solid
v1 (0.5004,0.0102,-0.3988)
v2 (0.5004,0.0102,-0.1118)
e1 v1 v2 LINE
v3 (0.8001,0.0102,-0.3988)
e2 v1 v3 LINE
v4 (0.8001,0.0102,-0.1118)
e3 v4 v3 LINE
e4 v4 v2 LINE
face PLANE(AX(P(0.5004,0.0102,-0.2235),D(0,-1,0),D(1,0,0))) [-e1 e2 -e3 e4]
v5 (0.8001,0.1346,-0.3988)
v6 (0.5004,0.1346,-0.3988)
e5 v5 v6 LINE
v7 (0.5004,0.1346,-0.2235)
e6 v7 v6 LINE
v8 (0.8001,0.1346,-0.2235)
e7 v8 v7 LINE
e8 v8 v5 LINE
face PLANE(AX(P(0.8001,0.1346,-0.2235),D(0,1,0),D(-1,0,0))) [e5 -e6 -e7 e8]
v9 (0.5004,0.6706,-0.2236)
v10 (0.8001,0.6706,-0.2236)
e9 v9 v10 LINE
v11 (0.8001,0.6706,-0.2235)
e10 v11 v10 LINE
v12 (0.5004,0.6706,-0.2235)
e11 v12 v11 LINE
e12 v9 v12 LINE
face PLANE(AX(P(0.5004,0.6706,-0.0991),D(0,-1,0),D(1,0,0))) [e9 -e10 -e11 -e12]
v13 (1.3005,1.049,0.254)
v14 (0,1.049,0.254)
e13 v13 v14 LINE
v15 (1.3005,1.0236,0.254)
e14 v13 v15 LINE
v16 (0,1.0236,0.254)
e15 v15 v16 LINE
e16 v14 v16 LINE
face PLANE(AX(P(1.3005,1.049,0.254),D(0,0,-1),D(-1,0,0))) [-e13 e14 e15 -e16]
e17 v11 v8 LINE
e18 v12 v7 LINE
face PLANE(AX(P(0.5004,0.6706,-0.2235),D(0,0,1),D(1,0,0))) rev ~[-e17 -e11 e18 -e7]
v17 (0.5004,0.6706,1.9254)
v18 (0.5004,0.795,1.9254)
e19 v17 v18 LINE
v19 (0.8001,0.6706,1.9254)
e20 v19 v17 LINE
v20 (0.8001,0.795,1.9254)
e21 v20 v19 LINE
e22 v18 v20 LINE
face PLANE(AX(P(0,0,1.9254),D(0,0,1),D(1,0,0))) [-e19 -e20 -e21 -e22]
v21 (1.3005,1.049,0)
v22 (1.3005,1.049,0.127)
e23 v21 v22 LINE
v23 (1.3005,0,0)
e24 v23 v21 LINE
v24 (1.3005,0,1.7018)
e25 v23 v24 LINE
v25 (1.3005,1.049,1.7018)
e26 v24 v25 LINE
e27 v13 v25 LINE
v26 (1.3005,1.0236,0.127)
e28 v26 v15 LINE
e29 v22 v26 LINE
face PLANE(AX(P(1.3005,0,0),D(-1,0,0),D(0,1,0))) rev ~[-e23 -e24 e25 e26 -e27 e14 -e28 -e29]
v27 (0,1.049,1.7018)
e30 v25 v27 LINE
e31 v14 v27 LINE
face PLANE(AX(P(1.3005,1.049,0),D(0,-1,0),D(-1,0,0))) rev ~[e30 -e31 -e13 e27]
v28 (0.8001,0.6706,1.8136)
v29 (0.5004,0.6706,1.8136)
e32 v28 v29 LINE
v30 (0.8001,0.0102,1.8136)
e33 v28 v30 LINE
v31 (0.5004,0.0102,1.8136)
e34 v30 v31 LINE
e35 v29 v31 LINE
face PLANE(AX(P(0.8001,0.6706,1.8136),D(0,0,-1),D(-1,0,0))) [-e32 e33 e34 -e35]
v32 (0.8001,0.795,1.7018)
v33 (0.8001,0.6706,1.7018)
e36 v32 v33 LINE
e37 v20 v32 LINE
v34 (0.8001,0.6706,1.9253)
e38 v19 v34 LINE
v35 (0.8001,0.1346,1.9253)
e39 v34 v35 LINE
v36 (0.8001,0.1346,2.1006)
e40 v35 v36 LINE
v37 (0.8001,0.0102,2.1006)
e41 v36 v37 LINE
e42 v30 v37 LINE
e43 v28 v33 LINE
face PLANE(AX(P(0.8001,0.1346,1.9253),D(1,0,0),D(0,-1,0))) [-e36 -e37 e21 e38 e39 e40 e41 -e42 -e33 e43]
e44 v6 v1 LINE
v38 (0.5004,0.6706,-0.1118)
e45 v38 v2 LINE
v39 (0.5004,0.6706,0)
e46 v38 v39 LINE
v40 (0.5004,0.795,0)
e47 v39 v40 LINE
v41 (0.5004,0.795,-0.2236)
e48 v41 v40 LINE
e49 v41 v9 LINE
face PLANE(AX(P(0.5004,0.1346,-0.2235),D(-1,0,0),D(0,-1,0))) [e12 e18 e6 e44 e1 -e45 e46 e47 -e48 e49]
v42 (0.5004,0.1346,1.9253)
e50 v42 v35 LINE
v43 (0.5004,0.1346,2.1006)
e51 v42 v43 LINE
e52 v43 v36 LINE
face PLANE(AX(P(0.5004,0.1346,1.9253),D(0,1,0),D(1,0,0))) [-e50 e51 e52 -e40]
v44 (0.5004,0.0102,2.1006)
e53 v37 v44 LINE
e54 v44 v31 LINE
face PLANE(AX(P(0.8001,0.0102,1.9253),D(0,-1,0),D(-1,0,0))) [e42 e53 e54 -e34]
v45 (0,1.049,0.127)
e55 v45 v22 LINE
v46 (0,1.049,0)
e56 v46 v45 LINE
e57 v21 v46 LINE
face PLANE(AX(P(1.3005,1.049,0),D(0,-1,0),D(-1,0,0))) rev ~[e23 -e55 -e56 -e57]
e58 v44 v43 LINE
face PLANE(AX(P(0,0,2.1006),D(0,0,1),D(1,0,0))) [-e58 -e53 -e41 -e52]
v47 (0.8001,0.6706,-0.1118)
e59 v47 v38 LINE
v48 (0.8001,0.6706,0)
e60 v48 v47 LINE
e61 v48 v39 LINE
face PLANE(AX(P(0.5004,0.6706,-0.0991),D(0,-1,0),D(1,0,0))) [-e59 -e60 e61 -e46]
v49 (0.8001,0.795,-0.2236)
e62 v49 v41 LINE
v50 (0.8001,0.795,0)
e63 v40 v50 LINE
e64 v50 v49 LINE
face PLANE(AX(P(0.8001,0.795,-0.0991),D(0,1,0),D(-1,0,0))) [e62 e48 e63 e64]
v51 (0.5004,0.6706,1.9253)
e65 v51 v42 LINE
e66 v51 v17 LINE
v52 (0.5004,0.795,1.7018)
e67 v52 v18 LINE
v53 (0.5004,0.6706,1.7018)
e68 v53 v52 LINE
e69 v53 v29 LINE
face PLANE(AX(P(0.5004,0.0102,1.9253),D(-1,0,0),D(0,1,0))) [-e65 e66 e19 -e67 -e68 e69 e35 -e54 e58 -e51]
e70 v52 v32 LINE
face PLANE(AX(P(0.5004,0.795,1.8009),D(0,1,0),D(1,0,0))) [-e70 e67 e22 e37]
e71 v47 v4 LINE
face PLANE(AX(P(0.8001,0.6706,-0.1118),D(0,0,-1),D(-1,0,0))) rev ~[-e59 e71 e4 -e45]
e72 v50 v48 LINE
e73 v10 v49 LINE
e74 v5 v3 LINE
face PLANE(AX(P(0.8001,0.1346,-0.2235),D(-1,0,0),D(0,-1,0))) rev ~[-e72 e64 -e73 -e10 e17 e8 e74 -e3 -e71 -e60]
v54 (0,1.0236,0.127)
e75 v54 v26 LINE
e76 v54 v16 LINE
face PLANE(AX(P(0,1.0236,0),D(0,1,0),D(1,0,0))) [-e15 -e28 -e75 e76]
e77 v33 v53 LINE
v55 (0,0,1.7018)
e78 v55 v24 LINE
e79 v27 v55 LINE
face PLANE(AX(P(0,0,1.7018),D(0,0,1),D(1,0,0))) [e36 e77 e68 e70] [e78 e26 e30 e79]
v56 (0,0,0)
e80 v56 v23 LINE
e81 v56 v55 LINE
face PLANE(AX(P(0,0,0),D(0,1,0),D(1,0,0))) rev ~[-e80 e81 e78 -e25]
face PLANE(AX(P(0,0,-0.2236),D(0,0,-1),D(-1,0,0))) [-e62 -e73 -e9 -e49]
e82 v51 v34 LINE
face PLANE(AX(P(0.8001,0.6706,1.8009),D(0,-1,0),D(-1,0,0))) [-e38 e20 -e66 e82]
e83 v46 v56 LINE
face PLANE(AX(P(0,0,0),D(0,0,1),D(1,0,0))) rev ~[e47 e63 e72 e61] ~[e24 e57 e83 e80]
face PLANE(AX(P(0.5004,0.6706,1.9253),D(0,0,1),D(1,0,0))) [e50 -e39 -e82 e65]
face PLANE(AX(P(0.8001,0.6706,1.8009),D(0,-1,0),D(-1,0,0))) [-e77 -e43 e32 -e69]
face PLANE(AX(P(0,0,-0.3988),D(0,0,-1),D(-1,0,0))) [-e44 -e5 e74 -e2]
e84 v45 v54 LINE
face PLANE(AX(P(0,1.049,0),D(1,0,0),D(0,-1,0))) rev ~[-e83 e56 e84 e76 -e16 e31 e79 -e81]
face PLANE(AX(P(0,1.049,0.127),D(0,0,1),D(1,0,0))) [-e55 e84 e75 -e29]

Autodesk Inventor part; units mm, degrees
ref_plane "YZ Plane" through (0, 0, 0) normal (1, 0, 0) x (0, 1, 0)
ref_plane "XZ Plane" through (0, 0, 0) normal (0, 1, 0) x (-1, 0, 0)
ref_plane "XY Plane" through (0, 0, 0) normal (0, 0, 1) x (1, 0, 0)
sketch "Sketch1" plane through (0, 0, 0) normal (0, 0, 1) x (1, 0, 0)
  line L0 (0, 0) -> (1.3005, 0)
  line L1 (1.3005, 0) -> (1.3005, 1.049)
  line L2 (1.3005, 1.049) -> (0, 1.049)
  line L3 (0, 1.049) -> (0, 0)
  dimension "d0" = 1.049
  dimension "d1" = 1.3005
extrude "Extrusion1" add sketch "Sketch1" along normal blind 1.7018
sketch "Sketch2" plane through (0, 0, 1.7018) normal (0, 0, 1) x (1, 0, 0)
  line L0 (0.5004, 0.795) -> (0.8001, 0.795)
  line L1 (0.8001, 0.795) -> (0.8001, 0.6706)
  line L2 (0.8001, 0.6706) -> (0.5004, 0.6706)
  line L3 (0.5004, 0.6706) -> (0.5004, 0.795)
  line L4 (0, 1.049) -> (0, 0) projected
  line L5 (1.3005, 1.049) -> (0, 1.049) projected
  dimension "d4" = 0.2997
  dimension "d5" = 0.5004
  dimension "d6" = 0.254
  dimension "d7" = 0.1245
extrude "Extrusion2" add sketch "Sketch2" against normal blind 1.8009
extrude "Extrusion3" add sketch "Sketch2" along normal blind 0.0991
sketch "Sketch3" plane through (0, 0, 1.8009) normal (0, 0, 1) x (1, 0, 0)
  line L0 (0.5004, 0.795) -> (0.8001, 0.795)
  line L1 (0.8001, 0.795) -> (0.8001, 0.6706)
  line L2 (0.8001, 0.6706) -> (0.5004, 0.6706)
  line L3 (0.5004, 0.6706) -> (0.5004, 0.795)
  point P0 (0, 0)
extrude "Extrusion4" add sketch "Sketch3" along normal blind 0.1245
sketch "Sketch4" plane through (0, 0, -0.0991) normal (0, 0, -1) x (-1, 0, 0)
  line L0 (-0.8001, 0.795) -> (-0.5004, 0.795)
  line L1 (-0.5004, 0.795) -> (-0.5004, 0.6706)
  line L2 (-0.5004, 0.6706) -> (-0.8001, 0.6706)
  line L3 (-0.8001, 0.6706) -> (-0.8001, 0.795)
  point P0 (0, 0)
extrude "Extrusion5" add sketch "Sketch4" along normal blind 0.1245
sketch "Sketch5" plane through (0.5004, 0.6706, 0) normal (0, -1, 0) x (1, 0, 0)
  line L0 (0.2997, 0) -> (0.2997, -0.2235) projected
  line L1 (0, -0.2235) -> (0.2997, -0.2235)
  line L2 (0.2997, -0.2235) -> (0.2997, -0.1118)
  line L3 (0.2997, -0.1118) -> (0, -0.1118)
  line L4 (0, -0.1118) -> (0, -0.2235)
  line L5 (0.2997, 1.7018) -> (0.2997, 1.9253) projected
  line L6 (0, 1.9253) -> (0.2997, 1.9253)
  line L7 (0.2997, 1.9253) -> (0.2997, 1.8136)
  line L8 (0.2997, 1.8136) -> (0, 1.8136)
  line L9 (0, 1.8136) -> (0, 1.9253)
  point P0 (-0.5004, 0)
extrude "Extrusion6" add sketch "Sketch5" along normal blind 0.6604
sketch "Sketch6" plane through (0, 0, -0.2235) normal (0, 0, -1) x (-1, 0, 0)
  line L0 (-0.8001, 0.795) -> (-0.8001, 0.0102) projected
  line L1 (-0.5004, 0.0102) -> (-0.8001, 0.0102)
  line L2 (-0.8001, 0.0102) -> (-0.8001, 0.1346)
  line L3 (-0.8001, 0.1346) -> (-0.5004, 0.1346)
  line L4 (-0.5004, 0.1346) -> (-0.5004, 0.0102)
  point P0 (0, 0)
  dimension "d18" = 0.1245
extrude "Extrusion7" add sketch "Sketch6" along normal blind 0.1753
sketch "Sketch7" plane through (0, 0, 1.9253) normal (0, 0, 1) x (1, 0, 0)
  line L0 (0.8001, 0.0102) -> (0.5004, 0.0102)
  line L1 (0.5004, 0.0102) -> (0.5004, 0.1346)
  line L2 (0.5004, 0.1346) -> (0.8001, 0.1346)
  line L3 (0.8001, 0.1346) -> (0.8001, 0.0102)
  point P0 (0, 0)
extrude "Extrusion8" add sketch "Sketch7" along normal blind 0.1753
sketch "Sketch8" plane through (0, 1.049, 0) normal (0, 1, 0) x (1, 0, 0)
  line L0 (0, 0) -> (0, -1.7018) projected
  line L1 (0, -0.127) -> (1.3005, -0.127)
  line L2 (1.3005, -0.127) -> (1.3005, -0.254)
  line L3 (1.3005, -0.254) -> (0, -0.254)
  line L4 (0, -0.254) -> (0, -0.127)
  line L5 (1.3005, 0) -> (0, 0) projected
  line L6 (1.3005, 0) -> (1.3005, -1.7018) projected
  dimension "d23" = 0.127
  dimension "d24" = 0.127
  dimension "d25" = 0
extrude "Extrusion9" cut sketch "Sketch8" against normal blind 0.0254 contours L1 L2 L3 L0
properties part number "s0.57A 10V Diode"
